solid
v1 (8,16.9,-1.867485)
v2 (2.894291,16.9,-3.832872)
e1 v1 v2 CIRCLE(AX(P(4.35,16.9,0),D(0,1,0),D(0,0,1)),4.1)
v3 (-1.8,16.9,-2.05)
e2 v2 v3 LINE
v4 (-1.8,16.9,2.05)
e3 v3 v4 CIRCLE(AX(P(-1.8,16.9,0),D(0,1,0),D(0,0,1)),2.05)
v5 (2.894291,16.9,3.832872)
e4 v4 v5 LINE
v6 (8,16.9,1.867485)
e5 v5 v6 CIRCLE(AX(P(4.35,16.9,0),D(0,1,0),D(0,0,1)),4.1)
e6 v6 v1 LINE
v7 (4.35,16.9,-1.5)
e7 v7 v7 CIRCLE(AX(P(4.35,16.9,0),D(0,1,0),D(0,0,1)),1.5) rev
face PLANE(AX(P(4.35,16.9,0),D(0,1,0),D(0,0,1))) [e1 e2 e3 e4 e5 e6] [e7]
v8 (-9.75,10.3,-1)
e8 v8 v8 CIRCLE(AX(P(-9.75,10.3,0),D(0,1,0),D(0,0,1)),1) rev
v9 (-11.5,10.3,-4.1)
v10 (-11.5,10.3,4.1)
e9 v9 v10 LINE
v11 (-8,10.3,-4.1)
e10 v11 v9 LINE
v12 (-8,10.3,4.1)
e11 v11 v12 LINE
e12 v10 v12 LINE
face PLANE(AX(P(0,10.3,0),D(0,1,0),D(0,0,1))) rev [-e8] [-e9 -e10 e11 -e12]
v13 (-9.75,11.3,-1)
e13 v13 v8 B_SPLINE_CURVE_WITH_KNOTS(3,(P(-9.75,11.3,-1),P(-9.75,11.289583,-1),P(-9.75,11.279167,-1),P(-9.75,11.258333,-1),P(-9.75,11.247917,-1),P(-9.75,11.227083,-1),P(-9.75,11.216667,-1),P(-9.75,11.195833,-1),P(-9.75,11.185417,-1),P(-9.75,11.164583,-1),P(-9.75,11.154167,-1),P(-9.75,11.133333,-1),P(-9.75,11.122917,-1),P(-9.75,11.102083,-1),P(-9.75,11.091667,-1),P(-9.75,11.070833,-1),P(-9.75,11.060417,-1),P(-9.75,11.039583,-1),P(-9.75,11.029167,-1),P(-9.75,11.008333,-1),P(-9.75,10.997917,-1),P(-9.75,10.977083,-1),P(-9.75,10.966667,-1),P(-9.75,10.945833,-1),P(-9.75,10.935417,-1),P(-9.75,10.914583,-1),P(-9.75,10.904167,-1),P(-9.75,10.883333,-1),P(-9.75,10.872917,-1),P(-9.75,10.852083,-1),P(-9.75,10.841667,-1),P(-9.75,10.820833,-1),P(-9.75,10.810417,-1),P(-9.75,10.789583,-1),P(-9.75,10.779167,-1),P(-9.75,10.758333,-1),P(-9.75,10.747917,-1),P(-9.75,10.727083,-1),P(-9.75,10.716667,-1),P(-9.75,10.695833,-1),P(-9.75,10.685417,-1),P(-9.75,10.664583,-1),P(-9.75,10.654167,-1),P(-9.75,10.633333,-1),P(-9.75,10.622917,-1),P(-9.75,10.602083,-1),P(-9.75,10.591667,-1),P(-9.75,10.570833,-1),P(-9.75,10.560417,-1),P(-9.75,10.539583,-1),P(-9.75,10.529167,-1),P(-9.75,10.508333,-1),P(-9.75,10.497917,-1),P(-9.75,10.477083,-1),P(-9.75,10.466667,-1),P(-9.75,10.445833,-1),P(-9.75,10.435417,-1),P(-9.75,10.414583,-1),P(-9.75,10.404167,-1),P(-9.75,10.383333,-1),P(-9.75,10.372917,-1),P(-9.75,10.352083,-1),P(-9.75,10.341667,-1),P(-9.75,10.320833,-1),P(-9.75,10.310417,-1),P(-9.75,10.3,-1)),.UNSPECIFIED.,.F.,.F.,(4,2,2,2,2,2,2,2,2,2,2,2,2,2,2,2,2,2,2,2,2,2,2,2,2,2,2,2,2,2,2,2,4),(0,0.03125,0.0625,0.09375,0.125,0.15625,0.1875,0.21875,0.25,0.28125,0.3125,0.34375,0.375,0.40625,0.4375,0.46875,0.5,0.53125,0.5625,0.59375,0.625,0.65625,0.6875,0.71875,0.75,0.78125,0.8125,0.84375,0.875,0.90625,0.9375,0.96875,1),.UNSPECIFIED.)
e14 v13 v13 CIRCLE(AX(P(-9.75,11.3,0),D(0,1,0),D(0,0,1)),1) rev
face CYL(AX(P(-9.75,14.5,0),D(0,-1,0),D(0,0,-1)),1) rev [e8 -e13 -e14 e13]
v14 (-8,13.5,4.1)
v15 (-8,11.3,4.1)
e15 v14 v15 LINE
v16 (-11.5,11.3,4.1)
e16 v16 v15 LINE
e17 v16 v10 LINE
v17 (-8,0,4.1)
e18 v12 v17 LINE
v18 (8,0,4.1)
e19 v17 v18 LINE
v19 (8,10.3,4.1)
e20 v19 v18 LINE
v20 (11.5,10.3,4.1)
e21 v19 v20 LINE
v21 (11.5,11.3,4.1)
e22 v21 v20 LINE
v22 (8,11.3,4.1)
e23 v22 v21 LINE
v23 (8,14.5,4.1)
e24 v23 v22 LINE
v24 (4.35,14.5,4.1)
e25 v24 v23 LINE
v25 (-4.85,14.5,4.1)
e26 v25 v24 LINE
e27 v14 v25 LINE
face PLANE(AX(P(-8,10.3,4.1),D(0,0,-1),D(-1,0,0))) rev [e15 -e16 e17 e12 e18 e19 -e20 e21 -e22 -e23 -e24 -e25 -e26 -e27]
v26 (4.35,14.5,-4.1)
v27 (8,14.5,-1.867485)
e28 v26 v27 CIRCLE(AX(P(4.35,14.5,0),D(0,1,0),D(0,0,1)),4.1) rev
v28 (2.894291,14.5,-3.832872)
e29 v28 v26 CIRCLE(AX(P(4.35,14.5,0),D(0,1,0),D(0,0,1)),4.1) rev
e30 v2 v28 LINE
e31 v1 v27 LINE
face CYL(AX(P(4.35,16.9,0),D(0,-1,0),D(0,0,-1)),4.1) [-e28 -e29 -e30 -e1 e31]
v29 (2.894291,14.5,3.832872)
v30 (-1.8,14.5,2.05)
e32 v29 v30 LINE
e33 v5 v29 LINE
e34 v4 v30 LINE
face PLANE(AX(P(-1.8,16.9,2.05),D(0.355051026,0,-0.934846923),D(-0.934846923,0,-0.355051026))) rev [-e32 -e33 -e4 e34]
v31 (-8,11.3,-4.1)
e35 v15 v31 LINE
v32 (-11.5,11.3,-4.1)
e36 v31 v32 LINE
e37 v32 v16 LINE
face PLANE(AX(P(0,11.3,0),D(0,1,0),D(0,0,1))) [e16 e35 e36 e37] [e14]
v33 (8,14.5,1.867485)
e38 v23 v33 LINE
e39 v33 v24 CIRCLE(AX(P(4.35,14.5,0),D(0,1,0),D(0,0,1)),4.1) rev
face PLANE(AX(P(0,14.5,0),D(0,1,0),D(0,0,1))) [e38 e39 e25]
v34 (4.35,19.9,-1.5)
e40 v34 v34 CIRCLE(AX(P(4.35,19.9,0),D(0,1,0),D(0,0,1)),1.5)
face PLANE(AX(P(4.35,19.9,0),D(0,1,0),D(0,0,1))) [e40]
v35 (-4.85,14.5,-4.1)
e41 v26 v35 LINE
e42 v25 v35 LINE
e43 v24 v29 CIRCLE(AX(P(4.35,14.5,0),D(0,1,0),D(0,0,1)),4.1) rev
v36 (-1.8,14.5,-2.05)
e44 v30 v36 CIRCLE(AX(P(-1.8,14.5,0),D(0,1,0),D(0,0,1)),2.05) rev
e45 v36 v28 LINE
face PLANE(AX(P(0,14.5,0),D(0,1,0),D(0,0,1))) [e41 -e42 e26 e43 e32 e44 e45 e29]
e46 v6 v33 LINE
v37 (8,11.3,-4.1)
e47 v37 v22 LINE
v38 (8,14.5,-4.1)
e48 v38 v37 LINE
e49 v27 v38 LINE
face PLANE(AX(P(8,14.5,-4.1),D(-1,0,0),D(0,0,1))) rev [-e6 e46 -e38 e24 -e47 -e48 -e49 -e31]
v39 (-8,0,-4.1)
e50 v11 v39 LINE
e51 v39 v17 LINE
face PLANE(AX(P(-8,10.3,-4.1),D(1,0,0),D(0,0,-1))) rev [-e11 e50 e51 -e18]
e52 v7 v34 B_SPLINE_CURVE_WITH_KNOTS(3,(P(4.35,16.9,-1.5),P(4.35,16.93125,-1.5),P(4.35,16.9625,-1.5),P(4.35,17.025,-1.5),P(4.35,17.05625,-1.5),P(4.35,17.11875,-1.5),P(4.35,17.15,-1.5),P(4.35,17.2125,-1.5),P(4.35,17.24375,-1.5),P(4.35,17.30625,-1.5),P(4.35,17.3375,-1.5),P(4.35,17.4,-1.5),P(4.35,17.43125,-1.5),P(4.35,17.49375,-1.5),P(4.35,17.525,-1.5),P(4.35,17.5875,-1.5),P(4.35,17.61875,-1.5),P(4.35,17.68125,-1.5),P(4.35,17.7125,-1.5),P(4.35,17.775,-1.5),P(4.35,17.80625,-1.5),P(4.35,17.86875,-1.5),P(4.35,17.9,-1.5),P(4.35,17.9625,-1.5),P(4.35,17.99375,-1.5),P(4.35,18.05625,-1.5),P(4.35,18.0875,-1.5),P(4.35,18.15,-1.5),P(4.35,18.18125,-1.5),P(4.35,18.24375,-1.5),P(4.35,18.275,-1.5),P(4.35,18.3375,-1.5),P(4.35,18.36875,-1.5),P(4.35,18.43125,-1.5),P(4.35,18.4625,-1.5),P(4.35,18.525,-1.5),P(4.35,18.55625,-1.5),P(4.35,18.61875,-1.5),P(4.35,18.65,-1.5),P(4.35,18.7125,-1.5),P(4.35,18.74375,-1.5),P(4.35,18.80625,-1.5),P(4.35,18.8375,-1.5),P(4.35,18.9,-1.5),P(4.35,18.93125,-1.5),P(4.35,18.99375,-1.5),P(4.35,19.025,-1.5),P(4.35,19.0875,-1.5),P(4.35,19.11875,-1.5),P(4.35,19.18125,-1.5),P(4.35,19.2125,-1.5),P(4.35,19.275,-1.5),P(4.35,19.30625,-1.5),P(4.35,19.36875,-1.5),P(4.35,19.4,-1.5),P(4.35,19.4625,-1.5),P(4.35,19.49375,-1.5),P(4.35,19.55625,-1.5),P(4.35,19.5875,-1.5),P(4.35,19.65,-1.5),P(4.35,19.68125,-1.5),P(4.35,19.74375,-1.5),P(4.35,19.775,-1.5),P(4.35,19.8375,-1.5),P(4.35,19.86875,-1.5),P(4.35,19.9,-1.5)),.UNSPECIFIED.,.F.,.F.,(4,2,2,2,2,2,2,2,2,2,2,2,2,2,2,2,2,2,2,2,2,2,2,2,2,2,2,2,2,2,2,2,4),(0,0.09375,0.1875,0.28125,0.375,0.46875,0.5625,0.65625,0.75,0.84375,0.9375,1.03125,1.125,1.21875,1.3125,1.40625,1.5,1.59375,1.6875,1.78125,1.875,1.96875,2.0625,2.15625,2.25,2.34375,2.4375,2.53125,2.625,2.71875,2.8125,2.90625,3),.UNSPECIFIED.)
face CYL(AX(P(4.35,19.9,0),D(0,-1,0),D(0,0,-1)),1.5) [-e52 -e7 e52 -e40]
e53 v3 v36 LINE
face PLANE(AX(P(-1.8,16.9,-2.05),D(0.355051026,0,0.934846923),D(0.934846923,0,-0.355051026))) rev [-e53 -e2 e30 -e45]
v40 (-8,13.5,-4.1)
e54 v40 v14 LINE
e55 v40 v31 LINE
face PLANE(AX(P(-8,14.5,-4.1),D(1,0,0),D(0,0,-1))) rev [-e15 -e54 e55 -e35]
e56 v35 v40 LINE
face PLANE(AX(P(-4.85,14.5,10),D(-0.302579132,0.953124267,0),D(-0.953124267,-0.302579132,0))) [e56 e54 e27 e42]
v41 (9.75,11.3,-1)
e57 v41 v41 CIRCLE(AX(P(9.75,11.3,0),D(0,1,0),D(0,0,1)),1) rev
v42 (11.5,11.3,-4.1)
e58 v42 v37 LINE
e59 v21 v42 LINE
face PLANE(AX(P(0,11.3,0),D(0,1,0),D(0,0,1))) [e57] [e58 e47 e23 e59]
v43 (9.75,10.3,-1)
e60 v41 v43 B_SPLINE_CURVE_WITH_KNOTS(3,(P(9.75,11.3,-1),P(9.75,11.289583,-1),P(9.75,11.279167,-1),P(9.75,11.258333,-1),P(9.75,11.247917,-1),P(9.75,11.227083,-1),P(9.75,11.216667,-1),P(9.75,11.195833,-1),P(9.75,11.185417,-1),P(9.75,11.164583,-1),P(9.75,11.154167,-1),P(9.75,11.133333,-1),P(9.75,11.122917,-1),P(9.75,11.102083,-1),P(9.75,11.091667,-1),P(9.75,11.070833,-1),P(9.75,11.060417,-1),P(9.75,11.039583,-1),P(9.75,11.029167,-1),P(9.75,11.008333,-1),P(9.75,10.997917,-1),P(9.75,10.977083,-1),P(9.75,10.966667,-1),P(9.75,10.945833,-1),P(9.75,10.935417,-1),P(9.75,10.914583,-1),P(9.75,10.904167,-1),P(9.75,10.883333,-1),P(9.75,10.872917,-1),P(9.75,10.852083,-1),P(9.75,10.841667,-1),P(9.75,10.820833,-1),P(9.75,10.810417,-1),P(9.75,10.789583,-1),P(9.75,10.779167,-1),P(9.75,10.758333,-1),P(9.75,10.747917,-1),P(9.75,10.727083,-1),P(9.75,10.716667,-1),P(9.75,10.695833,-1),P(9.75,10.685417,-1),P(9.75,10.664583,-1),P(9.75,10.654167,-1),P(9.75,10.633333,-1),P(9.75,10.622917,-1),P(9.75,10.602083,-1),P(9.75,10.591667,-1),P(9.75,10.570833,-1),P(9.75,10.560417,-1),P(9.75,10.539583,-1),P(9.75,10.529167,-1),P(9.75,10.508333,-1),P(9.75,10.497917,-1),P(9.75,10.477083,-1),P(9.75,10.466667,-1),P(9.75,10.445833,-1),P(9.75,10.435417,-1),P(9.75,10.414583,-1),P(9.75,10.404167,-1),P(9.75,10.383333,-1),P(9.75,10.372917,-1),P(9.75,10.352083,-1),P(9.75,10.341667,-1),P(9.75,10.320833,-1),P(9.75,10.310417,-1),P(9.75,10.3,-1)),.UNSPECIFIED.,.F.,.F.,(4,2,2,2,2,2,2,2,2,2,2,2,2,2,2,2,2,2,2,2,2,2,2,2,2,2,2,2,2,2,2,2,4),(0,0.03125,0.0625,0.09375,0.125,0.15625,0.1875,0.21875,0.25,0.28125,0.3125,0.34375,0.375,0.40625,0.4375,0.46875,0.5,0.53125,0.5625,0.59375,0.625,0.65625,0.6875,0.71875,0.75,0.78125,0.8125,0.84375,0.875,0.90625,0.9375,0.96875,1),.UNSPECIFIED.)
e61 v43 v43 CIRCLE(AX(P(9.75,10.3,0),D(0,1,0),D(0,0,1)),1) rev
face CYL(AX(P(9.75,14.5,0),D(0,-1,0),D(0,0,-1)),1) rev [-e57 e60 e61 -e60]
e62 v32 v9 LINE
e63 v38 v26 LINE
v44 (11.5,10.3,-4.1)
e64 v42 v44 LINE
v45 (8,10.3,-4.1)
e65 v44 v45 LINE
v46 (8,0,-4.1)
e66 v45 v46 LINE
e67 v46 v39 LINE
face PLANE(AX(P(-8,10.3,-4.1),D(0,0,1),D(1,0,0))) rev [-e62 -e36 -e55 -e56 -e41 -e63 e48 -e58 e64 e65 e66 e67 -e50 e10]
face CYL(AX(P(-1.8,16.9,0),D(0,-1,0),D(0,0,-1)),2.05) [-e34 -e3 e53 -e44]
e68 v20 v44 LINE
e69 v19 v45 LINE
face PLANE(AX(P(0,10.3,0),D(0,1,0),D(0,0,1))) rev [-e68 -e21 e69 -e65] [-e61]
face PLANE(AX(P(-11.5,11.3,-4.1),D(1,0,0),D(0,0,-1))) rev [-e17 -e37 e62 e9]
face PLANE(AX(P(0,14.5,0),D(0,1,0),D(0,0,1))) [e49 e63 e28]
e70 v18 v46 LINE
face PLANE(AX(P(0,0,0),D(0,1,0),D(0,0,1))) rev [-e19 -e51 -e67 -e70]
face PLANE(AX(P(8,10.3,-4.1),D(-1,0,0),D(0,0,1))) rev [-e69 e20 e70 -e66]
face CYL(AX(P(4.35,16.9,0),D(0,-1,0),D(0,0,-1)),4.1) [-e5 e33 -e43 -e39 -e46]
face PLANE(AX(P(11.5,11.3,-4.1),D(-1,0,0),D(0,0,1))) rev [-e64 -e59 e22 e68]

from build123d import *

# Parameters (mm, degrees)
SKETCH_1_W               = 16
SKETCH_1_H               = 8.2
EXTRUDE_1_DEPTH          = 10.3
EXTRUDE_START            = 10.3
SKETCH_2_W               = 23
SKETCH_2_H               = 8.2
EXTRUDE_2_DEPTH          = 1
SKETCH_3_W               = 16
SKETCH_3_H               = 8.2
EXTRUDE_3_DEPTH          = 14.5
SKETCH_4_R               = 1
CUT_EXTRUDE_1_DEPTH      = 14.5
EXTRUDE_4_DEPTH          = 16.9
SKETCH_7_R               = 1.5
EXTRUDE_5_DEPTH          = 19.9
CUT_EXTRUDE_2_DEPTH      = 10
CUT_EXTRUDE_2_DEPTH_BACK = 10


with BuildPart() as part:
    # 草图1 → 凸台-拉伸1 (new body)
    with BuildSketch(Plane(origin=(0, 0, 0), x_dir=(1, 0, 0), z_dir=(0, 1, 0))):
        Rectangle(SKETCH_1_W, SKETCH_1_H)
    extrude(amount=EXTRUDE_1_DEPTH)

    # 草图2 → 凸台-拉伸2 (add)
    with BuildSketch(Plane(origin=(0, 0, 0), x_dir=(1, 0, 0), z_dir=(0, 1, 0)).offset(EXTRUDE_START)):
        Rectangle(SKETCH_2_W, SKETCH_2_H)
    extrude(amount=EXTRUDE_2_DEPTH)

    # 草图3 → 凸台-拉伸3 (add)
    with BuildSketch(Plane(origin=(0, 0, 0), x_dir=(1, 0, 0), z_dir=(0, 1, 0))):
        Rectangle(SKETCH_3_W, SKETCH_3_H)
    extrude(amount=EXTRUDE_3_DEPTH)

    # 草图4 → 切除-拉伸1 (cut)
    with BuildSketch(Plane(origin=(0, 0, 0), x_dir=(1, 0, 0), z_dir=(0, 1, 0))):
        with Locations(Location((-9.75, 0, 0), (0, 0, 90))):
            Circle(SKETCH_4_R)
        with Locations(Location((9.75, 0, 0), (0, 0, 90))):
            Circle(SKETCH_4_R)
    extrude(amount=CUT_EXTRUDE_1_DEPTH, mode=Mode.SUBTRACT)

    # 草图6 → 凸台-拉伸4 (add)
    with BuildSketch(Plane(origin=(0, 0, 0), x_dir=(1, 0, 0), z_dir=(0, 1, 0))):
        with BuildLine():
            Line((8, 1.86748494), (8, -1.86748494))
            ThreePointArc((8, -1.86748494), (5.822893402, -3.826301743), (2.894290795, -3.832872384))
            Line((2.894290795, -3.832872384), (-1.8, -2.05))
            ThreePointArc((-1.8, -2.05), (-3.85, 0), (-1.8, 2.05))
            Line((-1.8, 2.05), (2.894290795, 3.832872384))
            ThreePointArc((2.894290795, 3.832872384), (5.822893402, 3.826301743), (8, 1.86748494))
        make_face()
    extrude(amount=EXTRUDE_4_DEPTH)

    # 草图7 → 凸台-拉伸5 (add)
    with BuildSketch(Plane(origin=(0, 0, 0), x_dir=(1, 0, 0), z_dir=(0, 1, 0))):
        with Locations(Location((4.35, 0, 0), (0, 0, 90))):
            Circle(SKETCH_7_R)
    extrude(amount=EXTRUDE_5_DEPTH)

    # 草图8 → 切除-拉伸2 (cut, two sides: drawn at the far end of the back side and taken through both)
    with BuildSketch(Plane.XY.offset(-CUT_EXTRUDE_2_DEPTH_BACK)):
        Polygon((-8, 14.5), (-8, 13.5), (-4.85, 14.5), align=None)
    extrude(amount=CUT_EXTRUDE_2_DEPTH + CUT_EXTRUDE_2_DEPTH_BACK, mode=Mode.SUBTRACT)


solid = part.part
